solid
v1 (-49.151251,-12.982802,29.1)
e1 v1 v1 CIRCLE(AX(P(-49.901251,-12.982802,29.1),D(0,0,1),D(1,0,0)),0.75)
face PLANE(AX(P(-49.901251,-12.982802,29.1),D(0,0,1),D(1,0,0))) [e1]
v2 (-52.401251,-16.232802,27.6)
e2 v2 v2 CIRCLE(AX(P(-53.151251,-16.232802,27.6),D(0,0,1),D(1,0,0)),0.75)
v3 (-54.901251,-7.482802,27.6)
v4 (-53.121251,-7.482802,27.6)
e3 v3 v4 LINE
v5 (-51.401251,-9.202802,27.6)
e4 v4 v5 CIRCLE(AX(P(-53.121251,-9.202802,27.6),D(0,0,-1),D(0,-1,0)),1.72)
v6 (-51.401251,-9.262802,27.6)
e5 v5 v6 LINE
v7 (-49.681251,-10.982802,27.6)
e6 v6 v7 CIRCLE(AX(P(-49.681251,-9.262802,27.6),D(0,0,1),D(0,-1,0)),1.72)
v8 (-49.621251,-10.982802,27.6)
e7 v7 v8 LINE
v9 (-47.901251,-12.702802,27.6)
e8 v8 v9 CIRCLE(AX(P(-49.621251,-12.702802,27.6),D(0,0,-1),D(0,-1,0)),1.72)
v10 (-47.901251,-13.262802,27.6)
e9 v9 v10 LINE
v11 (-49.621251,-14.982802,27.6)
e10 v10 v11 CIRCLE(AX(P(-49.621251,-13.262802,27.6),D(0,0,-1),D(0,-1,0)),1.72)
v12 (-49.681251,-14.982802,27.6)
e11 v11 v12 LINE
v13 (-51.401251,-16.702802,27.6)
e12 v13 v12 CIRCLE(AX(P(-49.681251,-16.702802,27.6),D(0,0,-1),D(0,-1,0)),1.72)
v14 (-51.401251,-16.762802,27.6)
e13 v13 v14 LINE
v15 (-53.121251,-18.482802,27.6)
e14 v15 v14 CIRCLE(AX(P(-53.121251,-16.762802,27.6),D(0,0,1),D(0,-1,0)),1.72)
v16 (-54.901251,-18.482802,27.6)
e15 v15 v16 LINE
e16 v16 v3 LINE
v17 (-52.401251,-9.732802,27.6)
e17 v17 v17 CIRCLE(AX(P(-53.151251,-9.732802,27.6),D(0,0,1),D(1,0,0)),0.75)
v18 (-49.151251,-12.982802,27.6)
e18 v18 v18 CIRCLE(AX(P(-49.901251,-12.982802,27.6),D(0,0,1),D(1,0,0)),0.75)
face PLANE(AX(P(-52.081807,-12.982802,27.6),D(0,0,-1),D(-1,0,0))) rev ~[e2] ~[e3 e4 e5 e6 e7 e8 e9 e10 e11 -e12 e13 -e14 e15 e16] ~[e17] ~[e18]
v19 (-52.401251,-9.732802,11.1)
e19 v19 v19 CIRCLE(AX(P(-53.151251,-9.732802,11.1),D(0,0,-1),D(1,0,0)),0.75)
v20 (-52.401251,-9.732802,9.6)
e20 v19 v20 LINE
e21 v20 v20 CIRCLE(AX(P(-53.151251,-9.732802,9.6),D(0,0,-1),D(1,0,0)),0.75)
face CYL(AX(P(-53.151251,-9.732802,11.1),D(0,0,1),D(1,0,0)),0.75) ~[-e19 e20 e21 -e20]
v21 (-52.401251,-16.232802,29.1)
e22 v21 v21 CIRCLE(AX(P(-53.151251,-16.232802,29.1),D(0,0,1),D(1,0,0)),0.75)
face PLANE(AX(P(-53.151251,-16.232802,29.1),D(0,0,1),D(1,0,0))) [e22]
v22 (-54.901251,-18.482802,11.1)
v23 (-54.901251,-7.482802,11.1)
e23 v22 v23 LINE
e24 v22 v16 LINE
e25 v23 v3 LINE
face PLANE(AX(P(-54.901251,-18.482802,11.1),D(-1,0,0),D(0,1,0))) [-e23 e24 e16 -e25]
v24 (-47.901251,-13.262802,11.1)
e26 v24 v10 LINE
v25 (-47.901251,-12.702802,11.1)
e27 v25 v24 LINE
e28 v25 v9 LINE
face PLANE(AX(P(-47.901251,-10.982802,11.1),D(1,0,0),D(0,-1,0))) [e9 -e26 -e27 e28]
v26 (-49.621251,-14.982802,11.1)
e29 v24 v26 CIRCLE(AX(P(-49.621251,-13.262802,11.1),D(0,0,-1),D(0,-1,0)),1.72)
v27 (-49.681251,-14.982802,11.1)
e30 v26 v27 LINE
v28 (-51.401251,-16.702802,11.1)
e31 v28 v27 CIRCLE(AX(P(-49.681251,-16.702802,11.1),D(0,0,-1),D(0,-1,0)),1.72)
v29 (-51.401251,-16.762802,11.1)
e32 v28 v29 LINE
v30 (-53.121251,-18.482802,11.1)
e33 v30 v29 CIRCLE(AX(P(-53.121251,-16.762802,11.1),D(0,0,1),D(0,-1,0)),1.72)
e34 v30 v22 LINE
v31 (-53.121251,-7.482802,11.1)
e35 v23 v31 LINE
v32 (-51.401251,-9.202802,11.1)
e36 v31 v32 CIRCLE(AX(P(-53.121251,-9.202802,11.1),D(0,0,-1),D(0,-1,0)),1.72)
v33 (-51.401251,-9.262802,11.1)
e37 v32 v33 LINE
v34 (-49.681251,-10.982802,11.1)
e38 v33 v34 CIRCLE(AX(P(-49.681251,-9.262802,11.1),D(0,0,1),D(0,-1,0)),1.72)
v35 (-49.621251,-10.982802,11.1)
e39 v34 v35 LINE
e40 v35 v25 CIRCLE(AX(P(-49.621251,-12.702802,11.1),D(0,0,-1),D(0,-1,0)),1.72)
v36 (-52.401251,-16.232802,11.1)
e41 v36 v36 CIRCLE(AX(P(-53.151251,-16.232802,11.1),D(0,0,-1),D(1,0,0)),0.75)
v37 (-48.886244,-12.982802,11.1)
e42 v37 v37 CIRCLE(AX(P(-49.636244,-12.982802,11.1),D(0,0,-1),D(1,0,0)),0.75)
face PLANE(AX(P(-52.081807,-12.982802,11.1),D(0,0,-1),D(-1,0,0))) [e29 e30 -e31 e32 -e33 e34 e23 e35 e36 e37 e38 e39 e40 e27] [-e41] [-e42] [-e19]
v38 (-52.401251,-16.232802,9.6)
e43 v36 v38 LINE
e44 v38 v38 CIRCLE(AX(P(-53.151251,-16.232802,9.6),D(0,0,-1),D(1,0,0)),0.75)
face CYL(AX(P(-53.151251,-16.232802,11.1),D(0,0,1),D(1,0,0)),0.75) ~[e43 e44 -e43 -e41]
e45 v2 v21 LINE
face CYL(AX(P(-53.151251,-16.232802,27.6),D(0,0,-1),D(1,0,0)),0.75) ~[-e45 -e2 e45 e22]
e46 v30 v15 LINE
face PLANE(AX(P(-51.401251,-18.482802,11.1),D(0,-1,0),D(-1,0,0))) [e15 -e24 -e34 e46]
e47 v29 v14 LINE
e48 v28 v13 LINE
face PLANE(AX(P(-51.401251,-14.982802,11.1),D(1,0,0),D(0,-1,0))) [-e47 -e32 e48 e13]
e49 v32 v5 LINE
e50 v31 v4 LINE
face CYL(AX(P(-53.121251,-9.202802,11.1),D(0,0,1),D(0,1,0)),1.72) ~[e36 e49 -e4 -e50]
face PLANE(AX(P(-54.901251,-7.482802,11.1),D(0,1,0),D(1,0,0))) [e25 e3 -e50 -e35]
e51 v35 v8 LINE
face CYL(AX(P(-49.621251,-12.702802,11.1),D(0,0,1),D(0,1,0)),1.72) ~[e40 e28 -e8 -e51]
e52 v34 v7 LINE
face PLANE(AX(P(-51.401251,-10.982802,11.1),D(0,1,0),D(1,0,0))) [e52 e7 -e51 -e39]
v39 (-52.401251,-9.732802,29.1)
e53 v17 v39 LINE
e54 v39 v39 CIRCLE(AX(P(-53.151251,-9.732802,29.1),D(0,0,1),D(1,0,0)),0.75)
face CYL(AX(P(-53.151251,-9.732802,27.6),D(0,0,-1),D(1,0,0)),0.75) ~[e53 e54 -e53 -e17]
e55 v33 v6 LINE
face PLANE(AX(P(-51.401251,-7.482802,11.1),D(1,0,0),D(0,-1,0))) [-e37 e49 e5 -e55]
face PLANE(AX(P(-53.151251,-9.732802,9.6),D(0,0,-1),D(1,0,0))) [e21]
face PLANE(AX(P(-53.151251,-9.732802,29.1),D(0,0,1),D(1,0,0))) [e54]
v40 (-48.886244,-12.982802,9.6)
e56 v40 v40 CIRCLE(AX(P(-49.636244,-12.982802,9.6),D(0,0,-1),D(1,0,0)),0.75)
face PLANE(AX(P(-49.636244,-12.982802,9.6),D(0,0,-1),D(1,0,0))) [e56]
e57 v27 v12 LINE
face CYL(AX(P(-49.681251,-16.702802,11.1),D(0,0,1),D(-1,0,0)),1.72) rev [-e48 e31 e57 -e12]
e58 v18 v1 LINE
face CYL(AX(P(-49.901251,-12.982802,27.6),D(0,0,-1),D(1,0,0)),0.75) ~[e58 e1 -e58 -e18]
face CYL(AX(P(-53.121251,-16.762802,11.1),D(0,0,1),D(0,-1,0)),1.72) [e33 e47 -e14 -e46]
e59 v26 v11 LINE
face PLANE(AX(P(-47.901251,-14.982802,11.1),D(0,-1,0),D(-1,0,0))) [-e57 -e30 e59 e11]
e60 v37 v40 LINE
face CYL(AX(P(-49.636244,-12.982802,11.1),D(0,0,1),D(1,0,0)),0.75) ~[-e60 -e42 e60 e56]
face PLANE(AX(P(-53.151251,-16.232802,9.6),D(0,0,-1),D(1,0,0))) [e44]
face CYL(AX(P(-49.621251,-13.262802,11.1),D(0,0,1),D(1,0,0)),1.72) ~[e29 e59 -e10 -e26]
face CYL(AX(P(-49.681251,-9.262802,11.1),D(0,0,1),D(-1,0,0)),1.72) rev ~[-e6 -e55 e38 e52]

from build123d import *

# Parameters (mm, degrees)
PAD010_DEPTH = 16.5
SKETCH017_R  = 0.75
PAD012_DEPTH = 1.5
SKETCH019_R  = 0.75
PAD013_DEPTH = 1.5
FILLET010_R  = 1.72


with BuildPart() as part:
    # Sketch016 → Pad010 (new body)
    with BuildSketch(Plane.XY):
        Polygon((-53.501251, -22.682802), (-50.001251, -22.682802), (-50.001251, -26.182802), (-46.501251, -26.182802), (-46.501251, -30.182802), (-50.001251, -30.182802), (-50.001251, -33.682802), (-53.501251, -33.682802), align=None)
    extrude(amount=PAD010_DEPTH)

    # Sketch017 (on Face10 of Pad010) → Pad012 (join)
    with BuildSketch(Plane.XY.offset(16.5)):
        with Locations((-51.751251, -24.932802)):
            Circle(SKETCH017_R)
        with Locations((-51.751251, -31.432802)):
            Circle(SKETCH017_R)
        with Locations((-48.501251, -28.182802)):
            Circle(SKETCH017_R)
    extrude(amount=PAD012_DEPTH)

    # Sketch019 → Pad013 (join)
    with BuildSketch(Plane(origin=(0, 0, 0), x_dir=(1, 0, 0), z_dir=(0, 0, -1))):
        with Locations((-51.751251, 31.432802)):
            Circle(SKETCH019_R)
        with Locations((-51.751251, 24.932802)):
            Circle(SKETCH019_R)
        with Locations((-48.236244, 28.182802)):
            Circle(SKETCH019_R)
    extrude(amount=PAD013_DEPTH)

    # Fillet010
    fillet010_edges = [part.edges().sort_by_distance(p)[0] for p in [
        (-50.001251, -30.182802, 8.25),
        (-50.001251, -33.682802, 8.25),
        (-46.501251, -30.182802, 8.25),
        (-46.501251, -26.182802, 8.25),
        (-50.001251, -22.682802, 8.25),
        (-50.001251, -26.182802, 8.25),
    ]]
    fillet(fillet010_edges, radius=FILLET010_R)


with BuildPart() as part_1:
    # Body003 placement: moved
    add(part.part.moved(Location((-1.4, 15.2, 11.1))))


solid = part_1.part
